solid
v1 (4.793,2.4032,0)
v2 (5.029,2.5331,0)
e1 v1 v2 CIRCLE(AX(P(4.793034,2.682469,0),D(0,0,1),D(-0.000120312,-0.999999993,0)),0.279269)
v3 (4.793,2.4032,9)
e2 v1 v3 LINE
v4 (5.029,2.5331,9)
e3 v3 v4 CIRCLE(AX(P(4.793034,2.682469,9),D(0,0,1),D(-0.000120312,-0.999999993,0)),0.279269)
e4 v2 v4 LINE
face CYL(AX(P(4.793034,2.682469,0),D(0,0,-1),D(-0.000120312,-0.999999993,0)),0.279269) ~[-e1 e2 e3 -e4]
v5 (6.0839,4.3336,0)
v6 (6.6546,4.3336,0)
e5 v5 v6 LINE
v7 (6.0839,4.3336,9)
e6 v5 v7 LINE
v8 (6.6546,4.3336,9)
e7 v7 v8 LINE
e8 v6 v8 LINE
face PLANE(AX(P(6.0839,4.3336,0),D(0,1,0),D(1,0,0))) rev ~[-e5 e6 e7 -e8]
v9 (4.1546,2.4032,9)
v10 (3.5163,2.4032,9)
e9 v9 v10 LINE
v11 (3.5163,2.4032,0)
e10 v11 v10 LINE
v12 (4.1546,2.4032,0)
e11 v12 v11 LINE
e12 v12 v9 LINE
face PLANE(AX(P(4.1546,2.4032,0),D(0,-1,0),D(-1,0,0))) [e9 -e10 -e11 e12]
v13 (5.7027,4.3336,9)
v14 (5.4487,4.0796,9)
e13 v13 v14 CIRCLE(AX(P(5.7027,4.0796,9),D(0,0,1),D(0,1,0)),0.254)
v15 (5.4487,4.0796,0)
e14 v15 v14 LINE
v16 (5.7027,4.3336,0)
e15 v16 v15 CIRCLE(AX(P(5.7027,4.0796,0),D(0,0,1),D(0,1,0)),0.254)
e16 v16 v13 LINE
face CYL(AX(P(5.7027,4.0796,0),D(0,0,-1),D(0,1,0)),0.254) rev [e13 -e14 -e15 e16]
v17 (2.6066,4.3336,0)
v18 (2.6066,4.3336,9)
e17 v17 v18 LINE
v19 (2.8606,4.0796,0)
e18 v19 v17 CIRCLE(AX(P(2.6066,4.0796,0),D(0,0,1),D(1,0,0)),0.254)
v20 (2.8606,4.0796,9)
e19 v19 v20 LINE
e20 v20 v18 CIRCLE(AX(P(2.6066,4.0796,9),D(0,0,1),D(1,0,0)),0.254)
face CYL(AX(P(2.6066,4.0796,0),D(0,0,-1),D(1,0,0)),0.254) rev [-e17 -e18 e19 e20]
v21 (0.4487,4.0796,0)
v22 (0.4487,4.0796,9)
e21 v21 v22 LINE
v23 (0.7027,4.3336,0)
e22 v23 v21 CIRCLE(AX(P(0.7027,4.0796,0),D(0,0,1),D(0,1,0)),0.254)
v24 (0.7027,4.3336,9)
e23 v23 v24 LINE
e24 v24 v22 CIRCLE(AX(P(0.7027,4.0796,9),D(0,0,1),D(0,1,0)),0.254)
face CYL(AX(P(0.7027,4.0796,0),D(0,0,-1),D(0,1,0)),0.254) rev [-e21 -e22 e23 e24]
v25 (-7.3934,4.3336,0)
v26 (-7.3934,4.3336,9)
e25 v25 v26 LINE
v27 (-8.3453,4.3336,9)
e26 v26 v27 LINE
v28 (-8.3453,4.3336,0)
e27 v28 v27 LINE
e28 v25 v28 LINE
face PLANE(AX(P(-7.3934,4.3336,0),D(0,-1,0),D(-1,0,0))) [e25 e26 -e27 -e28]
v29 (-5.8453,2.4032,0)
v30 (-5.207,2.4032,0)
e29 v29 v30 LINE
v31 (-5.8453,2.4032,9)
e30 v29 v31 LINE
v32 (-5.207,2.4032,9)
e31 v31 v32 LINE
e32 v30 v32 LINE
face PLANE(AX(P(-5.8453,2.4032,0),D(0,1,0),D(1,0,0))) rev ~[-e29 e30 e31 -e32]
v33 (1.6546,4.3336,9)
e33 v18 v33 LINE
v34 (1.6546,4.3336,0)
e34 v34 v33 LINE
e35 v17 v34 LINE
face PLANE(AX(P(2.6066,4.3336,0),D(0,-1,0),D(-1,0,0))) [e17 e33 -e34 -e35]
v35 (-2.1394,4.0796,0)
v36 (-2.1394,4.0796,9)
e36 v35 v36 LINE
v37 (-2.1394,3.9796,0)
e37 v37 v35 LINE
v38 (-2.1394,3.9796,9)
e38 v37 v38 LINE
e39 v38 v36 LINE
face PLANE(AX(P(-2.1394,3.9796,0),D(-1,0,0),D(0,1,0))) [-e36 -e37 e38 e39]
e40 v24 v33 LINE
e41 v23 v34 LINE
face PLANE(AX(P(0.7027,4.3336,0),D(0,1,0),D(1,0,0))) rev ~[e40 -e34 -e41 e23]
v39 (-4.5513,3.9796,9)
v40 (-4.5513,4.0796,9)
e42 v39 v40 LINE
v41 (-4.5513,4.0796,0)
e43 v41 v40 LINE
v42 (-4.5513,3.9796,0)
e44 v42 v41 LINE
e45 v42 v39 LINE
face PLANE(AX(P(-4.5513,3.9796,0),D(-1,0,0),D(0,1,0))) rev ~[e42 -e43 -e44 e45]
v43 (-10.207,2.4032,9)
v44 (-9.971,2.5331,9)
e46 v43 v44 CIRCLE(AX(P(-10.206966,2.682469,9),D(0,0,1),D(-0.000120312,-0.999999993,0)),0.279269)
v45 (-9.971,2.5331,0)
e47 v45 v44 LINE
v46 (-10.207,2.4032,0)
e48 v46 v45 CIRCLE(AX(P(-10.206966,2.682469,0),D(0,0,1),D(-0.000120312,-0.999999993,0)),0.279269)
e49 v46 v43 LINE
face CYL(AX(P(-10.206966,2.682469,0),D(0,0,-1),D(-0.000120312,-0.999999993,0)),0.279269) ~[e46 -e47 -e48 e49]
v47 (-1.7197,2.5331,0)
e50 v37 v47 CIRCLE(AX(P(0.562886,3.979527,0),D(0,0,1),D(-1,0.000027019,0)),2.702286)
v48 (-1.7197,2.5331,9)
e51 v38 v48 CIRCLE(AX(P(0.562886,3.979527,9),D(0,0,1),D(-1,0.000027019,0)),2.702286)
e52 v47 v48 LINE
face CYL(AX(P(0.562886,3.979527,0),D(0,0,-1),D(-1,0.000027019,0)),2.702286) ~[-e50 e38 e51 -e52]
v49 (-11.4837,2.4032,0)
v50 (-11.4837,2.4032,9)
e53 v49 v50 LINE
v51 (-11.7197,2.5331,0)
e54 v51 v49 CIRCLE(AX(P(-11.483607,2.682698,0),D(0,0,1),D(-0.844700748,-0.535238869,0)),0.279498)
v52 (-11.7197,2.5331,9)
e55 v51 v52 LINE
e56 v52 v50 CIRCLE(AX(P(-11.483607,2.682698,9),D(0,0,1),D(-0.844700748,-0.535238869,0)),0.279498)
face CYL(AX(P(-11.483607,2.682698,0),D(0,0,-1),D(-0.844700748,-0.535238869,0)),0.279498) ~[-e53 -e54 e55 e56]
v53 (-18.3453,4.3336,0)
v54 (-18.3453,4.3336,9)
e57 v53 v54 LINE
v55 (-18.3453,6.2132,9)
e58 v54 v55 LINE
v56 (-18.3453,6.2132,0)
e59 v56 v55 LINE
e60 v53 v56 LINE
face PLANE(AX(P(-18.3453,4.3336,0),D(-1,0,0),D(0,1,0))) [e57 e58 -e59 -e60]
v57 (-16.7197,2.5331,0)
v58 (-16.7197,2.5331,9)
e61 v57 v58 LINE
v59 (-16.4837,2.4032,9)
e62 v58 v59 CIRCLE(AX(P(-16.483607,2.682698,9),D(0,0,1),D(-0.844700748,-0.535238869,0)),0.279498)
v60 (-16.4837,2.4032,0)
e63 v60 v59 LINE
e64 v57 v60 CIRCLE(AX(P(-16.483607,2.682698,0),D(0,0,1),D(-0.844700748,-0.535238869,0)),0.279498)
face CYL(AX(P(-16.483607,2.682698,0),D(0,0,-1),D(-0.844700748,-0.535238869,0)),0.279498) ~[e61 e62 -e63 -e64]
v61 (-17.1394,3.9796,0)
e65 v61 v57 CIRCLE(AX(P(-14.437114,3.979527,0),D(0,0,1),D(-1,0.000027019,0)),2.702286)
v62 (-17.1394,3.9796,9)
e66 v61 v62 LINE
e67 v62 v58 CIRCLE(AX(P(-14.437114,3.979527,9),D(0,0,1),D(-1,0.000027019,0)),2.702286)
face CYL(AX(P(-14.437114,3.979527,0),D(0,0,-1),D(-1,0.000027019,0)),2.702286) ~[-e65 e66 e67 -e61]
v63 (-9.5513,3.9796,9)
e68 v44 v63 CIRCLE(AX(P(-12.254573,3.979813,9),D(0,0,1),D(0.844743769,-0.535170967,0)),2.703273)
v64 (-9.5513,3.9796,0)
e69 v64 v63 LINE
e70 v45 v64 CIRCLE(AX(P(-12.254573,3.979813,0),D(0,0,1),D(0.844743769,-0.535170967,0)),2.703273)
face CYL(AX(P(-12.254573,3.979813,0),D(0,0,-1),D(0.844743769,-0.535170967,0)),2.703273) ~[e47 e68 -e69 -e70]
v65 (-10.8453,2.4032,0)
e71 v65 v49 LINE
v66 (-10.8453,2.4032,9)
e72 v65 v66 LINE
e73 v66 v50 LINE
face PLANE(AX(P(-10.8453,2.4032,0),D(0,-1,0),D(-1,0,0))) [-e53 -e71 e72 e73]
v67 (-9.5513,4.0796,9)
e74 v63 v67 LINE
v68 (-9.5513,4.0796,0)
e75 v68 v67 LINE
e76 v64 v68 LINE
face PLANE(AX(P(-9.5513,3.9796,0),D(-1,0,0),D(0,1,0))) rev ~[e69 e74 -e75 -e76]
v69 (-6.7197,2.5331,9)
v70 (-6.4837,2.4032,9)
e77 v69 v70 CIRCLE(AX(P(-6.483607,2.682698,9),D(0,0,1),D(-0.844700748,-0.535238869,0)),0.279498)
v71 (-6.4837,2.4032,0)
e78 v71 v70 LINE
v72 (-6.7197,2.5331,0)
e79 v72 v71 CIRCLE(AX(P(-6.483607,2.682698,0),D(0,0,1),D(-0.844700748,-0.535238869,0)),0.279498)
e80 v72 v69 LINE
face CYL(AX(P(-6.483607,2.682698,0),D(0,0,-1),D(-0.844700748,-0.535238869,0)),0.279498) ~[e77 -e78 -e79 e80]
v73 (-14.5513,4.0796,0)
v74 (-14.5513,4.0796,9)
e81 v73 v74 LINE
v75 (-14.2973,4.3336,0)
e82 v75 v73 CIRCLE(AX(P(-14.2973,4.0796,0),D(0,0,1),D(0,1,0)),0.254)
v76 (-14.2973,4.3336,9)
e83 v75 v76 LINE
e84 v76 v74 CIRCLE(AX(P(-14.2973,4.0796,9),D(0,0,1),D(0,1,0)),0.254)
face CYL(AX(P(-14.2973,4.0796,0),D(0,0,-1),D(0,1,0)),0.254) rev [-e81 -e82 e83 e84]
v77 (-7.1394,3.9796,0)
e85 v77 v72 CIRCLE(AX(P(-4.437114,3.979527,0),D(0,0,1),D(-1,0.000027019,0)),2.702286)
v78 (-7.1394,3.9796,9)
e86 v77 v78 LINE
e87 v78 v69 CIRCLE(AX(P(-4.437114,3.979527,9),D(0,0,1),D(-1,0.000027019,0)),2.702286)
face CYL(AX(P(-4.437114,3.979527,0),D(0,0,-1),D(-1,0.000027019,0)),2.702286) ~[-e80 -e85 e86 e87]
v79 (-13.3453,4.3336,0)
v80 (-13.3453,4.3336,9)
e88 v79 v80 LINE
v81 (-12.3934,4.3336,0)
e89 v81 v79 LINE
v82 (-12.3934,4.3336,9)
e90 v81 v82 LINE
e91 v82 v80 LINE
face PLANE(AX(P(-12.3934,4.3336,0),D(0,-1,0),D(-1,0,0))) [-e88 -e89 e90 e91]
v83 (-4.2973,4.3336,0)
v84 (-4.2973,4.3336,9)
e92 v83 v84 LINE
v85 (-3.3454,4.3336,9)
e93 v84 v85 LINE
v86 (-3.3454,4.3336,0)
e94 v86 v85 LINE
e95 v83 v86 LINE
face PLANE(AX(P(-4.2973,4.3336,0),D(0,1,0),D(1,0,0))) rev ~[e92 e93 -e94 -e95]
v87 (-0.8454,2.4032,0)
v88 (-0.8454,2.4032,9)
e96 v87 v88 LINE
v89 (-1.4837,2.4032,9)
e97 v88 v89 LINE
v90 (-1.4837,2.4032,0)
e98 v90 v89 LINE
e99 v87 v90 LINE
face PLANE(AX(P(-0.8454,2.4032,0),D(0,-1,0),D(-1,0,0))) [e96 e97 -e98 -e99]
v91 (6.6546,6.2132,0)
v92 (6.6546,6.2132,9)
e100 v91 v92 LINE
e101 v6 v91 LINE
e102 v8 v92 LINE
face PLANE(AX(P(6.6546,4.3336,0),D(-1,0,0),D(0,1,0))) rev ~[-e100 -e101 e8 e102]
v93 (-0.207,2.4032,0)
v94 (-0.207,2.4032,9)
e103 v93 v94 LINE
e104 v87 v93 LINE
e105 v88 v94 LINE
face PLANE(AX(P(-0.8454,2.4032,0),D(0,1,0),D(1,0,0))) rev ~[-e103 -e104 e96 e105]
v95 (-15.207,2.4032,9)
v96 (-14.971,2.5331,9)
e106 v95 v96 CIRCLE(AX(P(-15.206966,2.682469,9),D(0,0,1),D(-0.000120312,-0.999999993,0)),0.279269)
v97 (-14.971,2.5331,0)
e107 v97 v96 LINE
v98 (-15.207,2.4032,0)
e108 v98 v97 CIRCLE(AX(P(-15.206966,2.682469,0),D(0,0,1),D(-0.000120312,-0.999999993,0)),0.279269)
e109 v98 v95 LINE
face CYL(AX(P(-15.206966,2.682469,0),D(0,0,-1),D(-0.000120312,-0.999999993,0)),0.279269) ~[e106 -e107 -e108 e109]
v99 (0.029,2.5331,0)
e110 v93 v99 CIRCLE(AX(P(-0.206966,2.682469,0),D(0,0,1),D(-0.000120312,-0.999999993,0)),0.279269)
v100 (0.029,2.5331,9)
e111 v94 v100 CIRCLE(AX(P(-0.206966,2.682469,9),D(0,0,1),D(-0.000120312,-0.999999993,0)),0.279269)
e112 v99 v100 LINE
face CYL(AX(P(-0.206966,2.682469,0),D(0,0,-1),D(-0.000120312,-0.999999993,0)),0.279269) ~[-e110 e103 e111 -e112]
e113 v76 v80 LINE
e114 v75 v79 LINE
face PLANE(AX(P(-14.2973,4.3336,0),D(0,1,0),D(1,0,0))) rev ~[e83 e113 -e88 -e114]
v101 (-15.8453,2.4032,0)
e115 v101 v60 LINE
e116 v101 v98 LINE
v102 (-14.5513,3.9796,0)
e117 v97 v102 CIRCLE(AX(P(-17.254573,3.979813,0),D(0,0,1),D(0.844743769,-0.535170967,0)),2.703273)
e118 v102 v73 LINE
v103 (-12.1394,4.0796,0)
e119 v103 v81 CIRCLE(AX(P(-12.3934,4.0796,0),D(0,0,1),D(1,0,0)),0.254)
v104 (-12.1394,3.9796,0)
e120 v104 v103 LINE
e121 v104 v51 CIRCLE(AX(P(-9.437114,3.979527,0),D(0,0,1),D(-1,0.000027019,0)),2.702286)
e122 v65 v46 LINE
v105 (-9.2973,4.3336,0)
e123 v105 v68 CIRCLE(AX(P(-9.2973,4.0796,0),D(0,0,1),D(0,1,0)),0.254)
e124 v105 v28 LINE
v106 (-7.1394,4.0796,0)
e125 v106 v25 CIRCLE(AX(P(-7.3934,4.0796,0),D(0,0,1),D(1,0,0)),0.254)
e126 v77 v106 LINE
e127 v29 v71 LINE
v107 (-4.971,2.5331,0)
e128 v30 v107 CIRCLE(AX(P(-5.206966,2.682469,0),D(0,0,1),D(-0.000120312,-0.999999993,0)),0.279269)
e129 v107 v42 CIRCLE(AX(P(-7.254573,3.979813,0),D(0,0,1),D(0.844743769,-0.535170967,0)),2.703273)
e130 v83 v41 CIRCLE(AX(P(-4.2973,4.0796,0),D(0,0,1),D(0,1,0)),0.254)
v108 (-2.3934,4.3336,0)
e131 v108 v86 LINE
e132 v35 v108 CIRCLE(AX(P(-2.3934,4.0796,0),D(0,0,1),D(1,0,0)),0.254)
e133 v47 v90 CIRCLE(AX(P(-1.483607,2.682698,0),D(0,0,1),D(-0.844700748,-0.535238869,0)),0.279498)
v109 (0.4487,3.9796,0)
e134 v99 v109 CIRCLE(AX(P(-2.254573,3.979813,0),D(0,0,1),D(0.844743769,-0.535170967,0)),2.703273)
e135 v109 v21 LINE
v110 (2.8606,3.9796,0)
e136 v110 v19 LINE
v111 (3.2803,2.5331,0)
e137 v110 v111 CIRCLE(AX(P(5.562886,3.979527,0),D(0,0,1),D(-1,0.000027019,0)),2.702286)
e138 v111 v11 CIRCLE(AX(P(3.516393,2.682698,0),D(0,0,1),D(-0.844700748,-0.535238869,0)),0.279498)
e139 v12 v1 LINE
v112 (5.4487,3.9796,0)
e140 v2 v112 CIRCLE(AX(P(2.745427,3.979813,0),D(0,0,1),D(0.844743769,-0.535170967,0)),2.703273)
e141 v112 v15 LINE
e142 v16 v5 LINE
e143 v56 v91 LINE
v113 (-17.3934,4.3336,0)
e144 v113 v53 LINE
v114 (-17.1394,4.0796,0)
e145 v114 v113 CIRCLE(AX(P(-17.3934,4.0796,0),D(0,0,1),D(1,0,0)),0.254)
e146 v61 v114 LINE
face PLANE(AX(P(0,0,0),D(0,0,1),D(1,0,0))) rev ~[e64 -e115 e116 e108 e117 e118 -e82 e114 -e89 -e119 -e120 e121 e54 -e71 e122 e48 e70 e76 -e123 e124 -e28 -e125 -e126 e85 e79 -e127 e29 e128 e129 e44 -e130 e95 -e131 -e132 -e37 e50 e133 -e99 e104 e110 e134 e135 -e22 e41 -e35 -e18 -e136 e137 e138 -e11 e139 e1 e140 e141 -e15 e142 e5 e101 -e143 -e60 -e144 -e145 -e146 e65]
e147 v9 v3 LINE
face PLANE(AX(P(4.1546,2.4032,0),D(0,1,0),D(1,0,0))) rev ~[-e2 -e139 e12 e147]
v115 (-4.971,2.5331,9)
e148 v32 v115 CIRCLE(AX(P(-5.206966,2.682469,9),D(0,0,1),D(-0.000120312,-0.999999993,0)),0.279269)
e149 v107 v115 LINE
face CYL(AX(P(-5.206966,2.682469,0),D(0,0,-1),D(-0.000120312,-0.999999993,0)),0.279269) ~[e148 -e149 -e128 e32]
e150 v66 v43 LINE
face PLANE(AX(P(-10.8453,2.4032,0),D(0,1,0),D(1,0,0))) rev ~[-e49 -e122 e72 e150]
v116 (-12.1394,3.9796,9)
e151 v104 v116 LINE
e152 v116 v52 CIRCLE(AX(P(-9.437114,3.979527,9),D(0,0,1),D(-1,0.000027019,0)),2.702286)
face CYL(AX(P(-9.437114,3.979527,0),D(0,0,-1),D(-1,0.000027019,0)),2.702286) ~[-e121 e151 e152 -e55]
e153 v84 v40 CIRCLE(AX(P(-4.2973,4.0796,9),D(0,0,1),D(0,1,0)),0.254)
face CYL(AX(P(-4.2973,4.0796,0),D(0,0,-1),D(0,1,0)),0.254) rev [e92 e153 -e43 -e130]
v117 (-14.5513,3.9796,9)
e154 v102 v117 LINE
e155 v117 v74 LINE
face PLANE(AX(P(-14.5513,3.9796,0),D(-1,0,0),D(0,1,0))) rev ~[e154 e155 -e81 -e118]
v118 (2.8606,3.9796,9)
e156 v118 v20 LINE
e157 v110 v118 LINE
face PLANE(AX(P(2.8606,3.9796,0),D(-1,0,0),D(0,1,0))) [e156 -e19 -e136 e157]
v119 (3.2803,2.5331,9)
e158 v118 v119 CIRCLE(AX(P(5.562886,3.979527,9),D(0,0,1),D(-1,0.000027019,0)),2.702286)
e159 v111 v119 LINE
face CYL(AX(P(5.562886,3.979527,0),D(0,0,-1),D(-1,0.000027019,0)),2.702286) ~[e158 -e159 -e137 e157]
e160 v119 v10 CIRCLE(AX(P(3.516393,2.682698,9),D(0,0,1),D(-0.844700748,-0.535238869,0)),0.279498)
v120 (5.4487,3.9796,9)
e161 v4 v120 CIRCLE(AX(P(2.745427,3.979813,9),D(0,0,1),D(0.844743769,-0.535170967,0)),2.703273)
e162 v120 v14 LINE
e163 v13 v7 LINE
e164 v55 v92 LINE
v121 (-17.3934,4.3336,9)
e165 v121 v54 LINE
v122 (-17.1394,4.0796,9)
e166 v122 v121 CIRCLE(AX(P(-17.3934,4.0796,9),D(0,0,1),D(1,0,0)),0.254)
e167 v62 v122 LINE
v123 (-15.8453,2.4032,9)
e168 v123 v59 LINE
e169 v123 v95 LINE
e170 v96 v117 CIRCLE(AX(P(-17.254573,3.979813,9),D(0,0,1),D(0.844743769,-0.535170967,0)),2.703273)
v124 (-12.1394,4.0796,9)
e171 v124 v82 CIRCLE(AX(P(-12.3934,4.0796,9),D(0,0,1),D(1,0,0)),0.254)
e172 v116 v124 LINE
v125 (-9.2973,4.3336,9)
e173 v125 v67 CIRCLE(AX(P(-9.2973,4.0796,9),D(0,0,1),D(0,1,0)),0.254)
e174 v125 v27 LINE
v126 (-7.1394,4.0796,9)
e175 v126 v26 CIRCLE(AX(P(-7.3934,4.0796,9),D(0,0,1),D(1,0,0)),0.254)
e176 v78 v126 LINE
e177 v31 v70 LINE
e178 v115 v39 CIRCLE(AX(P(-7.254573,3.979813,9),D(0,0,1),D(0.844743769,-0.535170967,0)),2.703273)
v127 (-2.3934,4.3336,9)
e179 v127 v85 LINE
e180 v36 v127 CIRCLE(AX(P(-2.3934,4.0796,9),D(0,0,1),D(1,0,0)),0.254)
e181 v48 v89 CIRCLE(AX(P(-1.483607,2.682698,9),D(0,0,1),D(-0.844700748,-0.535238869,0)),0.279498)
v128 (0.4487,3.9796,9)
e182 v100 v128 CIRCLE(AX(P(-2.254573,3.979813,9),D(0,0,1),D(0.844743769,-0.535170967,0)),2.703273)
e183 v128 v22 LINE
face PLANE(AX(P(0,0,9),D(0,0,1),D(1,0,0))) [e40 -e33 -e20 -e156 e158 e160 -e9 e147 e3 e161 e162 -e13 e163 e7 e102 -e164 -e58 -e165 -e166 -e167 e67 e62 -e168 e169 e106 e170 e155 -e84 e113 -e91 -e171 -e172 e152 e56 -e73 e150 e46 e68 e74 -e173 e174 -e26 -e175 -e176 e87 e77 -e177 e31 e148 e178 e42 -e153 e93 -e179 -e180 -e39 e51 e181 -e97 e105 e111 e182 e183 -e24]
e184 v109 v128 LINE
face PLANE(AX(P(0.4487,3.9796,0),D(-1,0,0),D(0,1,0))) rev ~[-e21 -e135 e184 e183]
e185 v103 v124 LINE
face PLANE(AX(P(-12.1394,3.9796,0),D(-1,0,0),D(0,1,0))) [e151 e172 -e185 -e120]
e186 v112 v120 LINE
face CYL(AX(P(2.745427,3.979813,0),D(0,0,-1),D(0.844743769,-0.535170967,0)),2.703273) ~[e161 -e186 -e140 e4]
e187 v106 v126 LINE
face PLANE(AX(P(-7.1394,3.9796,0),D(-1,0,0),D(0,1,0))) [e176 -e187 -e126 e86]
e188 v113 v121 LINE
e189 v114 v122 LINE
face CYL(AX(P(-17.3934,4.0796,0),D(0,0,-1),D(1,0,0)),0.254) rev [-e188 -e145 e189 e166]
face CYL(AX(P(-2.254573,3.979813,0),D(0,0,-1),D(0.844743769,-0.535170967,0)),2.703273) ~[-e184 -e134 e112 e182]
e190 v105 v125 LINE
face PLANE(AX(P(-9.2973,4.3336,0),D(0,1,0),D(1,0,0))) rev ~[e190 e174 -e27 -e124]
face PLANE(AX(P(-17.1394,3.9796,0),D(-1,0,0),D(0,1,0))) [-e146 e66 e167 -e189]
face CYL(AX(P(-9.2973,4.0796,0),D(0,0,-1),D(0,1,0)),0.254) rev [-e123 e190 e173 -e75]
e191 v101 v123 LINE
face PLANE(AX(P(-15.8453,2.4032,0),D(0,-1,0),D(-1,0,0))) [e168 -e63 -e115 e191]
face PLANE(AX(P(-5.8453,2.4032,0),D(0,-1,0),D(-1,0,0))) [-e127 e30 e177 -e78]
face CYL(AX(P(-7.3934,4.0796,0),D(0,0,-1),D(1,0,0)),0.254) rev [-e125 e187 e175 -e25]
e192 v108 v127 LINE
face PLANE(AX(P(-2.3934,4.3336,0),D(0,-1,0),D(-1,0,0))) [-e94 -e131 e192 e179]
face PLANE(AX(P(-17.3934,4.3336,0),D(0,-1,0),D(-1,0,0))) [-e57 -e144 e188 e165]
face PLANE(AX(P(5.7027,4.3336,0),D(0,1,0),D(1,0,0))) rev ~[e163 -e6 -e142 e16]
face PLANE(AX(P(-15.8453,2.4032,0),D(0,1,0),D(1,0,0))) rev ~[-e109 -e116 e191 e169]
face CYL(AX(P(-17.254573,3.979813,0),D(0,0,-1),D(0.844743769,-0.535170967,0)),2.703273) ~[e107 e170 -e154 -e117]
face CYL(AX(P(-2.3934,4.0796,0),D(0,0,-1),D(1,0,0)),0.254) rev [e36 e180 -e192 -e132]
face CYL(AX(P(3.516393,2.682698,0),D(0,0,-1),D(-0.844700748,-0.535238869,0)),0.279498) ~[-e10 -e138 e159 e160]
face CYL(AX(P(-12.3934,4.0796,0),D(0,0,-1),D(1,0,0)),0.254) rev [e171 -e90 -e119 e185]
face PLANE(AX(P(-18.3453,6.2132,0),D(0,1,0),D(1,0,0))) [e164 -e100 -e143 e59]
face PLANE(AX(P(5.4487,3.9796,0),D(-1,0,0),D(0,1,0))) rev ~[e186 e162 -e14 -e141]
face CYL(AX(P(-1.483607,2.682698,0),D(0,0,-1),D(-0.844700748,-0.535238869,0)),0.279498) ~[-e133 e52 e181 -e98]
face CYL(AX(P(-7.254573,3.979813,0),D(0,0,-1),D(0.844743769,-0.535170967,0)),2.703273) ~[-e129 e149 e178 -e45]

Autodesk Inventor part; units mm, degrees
ref_plane "YZ Plane" through (0, 0, 0) normal (1, 0, 0) x (0, 1, 0)
ref_plane "XZ Plane" through (0, 0, 0) normal (0, 1, 0) x (-1, 0, 0)
ref_plane "XY Plane" through (0, 0, 0) normal (0, 0, 1) x (1, 0, 0)
sketch "Sketch1" plane through (0, 0, 0) normal (0, 0, 1) x (1, 0, 0)
  line L0 (-14.2973, 4.3336) -> (-13.3453, 4.3336)
  line L1 (-18.3453, 6.2132) -> (6.6546, 6.2132)
  arc A0 (-14.971, 2.5331) -> (-14.5513, 3.9796) centre (-17.2541, 3.9796) ccw
  arc A1 (-17.1394, 3.9796) -> (-16.7197, 2.5331) centre (-14.4366, 3.9796) ccw
  arc A2 (-15.207, 2.4032) -> (-14.971, 2.5331) centre (-15.207, 2.6826) ccw
  arc A3 (-16.7197, 2.5331) -> (-16.4837, 2.4032) centre (-16.4837, 2.6826) ccw
  line L2 (-15.8453, 2.4032) -> (-15.207, 2.4032)
  line L3 (-15.8453, 2.4032) -> (-16.4837, 2.4032)
  arc A4 (-14.2973, 4.3336) -> (-14.5513, 4.0796) centre (-14.2973, 4.0796) ccw
  arc A5 (-17.1394, 4.0796) -> (-17.3934, 4.3336) centre (-17.3934, 4.0796) ccw
  line L4 (-18.3453, 4.3336) -> (-18.3453, 6.2132)
  line L5 (-14.5513, 3.9796) -> (-14.5513, 4.0796)
  line L6 (-17.3934, 4.3336) -> (-18.3453, 4.3336)
  line L7 (-17.1394, 3.9796) -> (-17.1394, 4.0796)
  arc A6 (5.029, 2.5331) -> (5.4487, 3.9796) centre (2.7459, 3.9796) ccw
  arc A7 (2.8606, 3.9796) -> (3.2803, 2.5331) centre (5.5634, 3.9796) ccw
  arc A8 (0.029, 2.5331) -> (0.4487, 3.9796) centre (-2.2541, 3.9796) ccw
  arc A9 (-2.1394, 3.9796) -> (-1.7197, 2.5331) centre (0.5634, 3.9796) ccw
  arc A10 (-4.971, 2.5331) -> (-4.5513, 3.9796) centre (-7.2541, 3.9796) ccw
  arc A11 (-7.1394, 3.9796) -> (-6.7197, 2.5331) centre (-4.4366, 3.9796) ccw
  arc A12 (-9.971, 2.5331) -> (-9.5513, 3.9796) centre (-12.2541, 3.9796) ccw
  arc A13 (-12.1394, 3.9796) -> (-11.7197, 2.5331) centre (-9.4366, 3.9796) ccw
  arc A14 (-10.207, 2.4032) -> (-9.971, 2.5331) centre (-10.207, 2.6826) ccw
  line L8 (-10.8453, 2.4032) -> (-10.207, 2.4032)
  arc A15 (-11.7197, 2.5331) -> (-11.4837, 2.4032) centre (-11.4837, 2.6826) ccw
  line L9 (-10.8453, 2.4032) -> (-11.4837, 2.4032)
  arc A16 (-5.207, 2.4032) -> (-4.971, 2.5331) centre (-5.207, 2.6826) ccw
  line L10 (-5.8453, 2.4032) -> (-5.207, 2.4032)
  arc A17 (-6.7197, 2.5331) -> (-6.4837, 2.4032) centre (-6.4837, 2.6826) ccw
  line L11 (-5.8453, 2.4032) -> (-6.4837, 2.4032)
  arc A18 (-0.207, 2.4032) -> (0.029, 2.5331) centre (-0.207, 2.6826) ccw
  line L12 (-0.8454, 2.4032) -> (-0.207, 2.4032)
  arc A19 (-1.7197, 2.5331) -> (-1.4837, 2.4032) centre (-1.4837, 2.6826) ccw
  line L13 (-0.8454, 2.4032) -> (-1.4837, 2.4032)
  arc A20 (4.793, 2.4032) -> (5.029, 2.5331) centre (4.793, 2.6826) ccw
  line L14 (4.1546, 2.4032) -> (4.793, 2.4032)
  arc A21 (3.2803, 2.5331) -> (3.5163, 2.4032) centre (3.5163, 2.6826) ccw
  line L15 (4.1546, 2.4032) -> (3.5163, 2.4032)
  line L16 (-2.3934, 4.3336) -> (-3.3454, 4.3336)
  line L17 (-9.2973, 4.3336) -> (-8.3453, 4.3336)
  line L18 (-9.5513, 3.9796) -> (-9.5513, 4.0796)
  arc A22 (-9.2973, 4.3336) -> (-9.5513, 4.0796) centre (-9.2973, 4.0796) ccw
  line L19 (-12.1394, 3.9796) -> (-12.1394, 4.0796)
  arc A23 (-12.1394, 4.0796) -> (-12.3934, 4.3336) centre (-12.3934, 4.0796) ccw
  line L20 (-12.3934, 4.3336) -> (-13.3453, 4.3336)
  line L21 (-4.5513, 3.9796) -> (-4.5513, 4.0796)
  arc A24 (-4.2973, 4.3336) -> (-4.5513, 4.0796) centre (-4.2973, 4.0796) ccw
  line L22 (-4.2973, 4.3336) -> (-3.3454, 4.3336)
  line L23 (-7.1394, 3.9796) -> (-7.1394, 4.0796)
  arc A25 (-7.1394, 4.0796) -> (-7.3934, 4.3336) centre (-7.3934, 4.0796) ccw
  line L24 (-7.3934, 4.3336) -> (-8.3453, 4.3336)
  line L25 (2.6066, 4.3336) -> (1.6546, 4.3336)
  line L26 (0.4487, 3.9796) -> (0.4487, 4.0796)
  arc A26 (0.7027, 4.3336) -> (0.4487, 4.0796) centre (0.7027, 4.0796) ccw
  line L27 (0.7027, 4.3336) -> (1.6546, 4.3336)
  line L28 (-2.1394, 3.9796) -> (-2.1394, 4.0796)
  arc A27 (-2.1394, 4.0796) -> (-2.3934, 4.3336) centre (-2.3934, 4.0796) ccw
  line L29 (5.4487, 3.9796) -> (5.4487, 4.0796)
  arc A28 (5.7027, 4.3336) -> (5.4487, 4.0796) centre (5.7027, 4.0796) ccw
  line L30 (5.7027, 4.3336) -> (6.6546, 4.3336)
  line L31 (2.8606, 3.9796) -> (2.8606, 4.0796)
  arc A29 (2.8606, 4.0796) -> (2.6066, 4.3336) centre (2.6066, 4.0796) ccw
  line L32 (6.6546, 4.3336) -> (6.6546, 6.2132)
  line L33 (6.0839, 4.3336) -> (6.6546, 4.3336)
  dimension "d2" = 5
  dimension "d3" = 3.81
  dimension "d4" = 1.9304
extrude "Extrusion1" add sketch "Sketch1" along normal blind 9
properties part number "5MR-535-09"
